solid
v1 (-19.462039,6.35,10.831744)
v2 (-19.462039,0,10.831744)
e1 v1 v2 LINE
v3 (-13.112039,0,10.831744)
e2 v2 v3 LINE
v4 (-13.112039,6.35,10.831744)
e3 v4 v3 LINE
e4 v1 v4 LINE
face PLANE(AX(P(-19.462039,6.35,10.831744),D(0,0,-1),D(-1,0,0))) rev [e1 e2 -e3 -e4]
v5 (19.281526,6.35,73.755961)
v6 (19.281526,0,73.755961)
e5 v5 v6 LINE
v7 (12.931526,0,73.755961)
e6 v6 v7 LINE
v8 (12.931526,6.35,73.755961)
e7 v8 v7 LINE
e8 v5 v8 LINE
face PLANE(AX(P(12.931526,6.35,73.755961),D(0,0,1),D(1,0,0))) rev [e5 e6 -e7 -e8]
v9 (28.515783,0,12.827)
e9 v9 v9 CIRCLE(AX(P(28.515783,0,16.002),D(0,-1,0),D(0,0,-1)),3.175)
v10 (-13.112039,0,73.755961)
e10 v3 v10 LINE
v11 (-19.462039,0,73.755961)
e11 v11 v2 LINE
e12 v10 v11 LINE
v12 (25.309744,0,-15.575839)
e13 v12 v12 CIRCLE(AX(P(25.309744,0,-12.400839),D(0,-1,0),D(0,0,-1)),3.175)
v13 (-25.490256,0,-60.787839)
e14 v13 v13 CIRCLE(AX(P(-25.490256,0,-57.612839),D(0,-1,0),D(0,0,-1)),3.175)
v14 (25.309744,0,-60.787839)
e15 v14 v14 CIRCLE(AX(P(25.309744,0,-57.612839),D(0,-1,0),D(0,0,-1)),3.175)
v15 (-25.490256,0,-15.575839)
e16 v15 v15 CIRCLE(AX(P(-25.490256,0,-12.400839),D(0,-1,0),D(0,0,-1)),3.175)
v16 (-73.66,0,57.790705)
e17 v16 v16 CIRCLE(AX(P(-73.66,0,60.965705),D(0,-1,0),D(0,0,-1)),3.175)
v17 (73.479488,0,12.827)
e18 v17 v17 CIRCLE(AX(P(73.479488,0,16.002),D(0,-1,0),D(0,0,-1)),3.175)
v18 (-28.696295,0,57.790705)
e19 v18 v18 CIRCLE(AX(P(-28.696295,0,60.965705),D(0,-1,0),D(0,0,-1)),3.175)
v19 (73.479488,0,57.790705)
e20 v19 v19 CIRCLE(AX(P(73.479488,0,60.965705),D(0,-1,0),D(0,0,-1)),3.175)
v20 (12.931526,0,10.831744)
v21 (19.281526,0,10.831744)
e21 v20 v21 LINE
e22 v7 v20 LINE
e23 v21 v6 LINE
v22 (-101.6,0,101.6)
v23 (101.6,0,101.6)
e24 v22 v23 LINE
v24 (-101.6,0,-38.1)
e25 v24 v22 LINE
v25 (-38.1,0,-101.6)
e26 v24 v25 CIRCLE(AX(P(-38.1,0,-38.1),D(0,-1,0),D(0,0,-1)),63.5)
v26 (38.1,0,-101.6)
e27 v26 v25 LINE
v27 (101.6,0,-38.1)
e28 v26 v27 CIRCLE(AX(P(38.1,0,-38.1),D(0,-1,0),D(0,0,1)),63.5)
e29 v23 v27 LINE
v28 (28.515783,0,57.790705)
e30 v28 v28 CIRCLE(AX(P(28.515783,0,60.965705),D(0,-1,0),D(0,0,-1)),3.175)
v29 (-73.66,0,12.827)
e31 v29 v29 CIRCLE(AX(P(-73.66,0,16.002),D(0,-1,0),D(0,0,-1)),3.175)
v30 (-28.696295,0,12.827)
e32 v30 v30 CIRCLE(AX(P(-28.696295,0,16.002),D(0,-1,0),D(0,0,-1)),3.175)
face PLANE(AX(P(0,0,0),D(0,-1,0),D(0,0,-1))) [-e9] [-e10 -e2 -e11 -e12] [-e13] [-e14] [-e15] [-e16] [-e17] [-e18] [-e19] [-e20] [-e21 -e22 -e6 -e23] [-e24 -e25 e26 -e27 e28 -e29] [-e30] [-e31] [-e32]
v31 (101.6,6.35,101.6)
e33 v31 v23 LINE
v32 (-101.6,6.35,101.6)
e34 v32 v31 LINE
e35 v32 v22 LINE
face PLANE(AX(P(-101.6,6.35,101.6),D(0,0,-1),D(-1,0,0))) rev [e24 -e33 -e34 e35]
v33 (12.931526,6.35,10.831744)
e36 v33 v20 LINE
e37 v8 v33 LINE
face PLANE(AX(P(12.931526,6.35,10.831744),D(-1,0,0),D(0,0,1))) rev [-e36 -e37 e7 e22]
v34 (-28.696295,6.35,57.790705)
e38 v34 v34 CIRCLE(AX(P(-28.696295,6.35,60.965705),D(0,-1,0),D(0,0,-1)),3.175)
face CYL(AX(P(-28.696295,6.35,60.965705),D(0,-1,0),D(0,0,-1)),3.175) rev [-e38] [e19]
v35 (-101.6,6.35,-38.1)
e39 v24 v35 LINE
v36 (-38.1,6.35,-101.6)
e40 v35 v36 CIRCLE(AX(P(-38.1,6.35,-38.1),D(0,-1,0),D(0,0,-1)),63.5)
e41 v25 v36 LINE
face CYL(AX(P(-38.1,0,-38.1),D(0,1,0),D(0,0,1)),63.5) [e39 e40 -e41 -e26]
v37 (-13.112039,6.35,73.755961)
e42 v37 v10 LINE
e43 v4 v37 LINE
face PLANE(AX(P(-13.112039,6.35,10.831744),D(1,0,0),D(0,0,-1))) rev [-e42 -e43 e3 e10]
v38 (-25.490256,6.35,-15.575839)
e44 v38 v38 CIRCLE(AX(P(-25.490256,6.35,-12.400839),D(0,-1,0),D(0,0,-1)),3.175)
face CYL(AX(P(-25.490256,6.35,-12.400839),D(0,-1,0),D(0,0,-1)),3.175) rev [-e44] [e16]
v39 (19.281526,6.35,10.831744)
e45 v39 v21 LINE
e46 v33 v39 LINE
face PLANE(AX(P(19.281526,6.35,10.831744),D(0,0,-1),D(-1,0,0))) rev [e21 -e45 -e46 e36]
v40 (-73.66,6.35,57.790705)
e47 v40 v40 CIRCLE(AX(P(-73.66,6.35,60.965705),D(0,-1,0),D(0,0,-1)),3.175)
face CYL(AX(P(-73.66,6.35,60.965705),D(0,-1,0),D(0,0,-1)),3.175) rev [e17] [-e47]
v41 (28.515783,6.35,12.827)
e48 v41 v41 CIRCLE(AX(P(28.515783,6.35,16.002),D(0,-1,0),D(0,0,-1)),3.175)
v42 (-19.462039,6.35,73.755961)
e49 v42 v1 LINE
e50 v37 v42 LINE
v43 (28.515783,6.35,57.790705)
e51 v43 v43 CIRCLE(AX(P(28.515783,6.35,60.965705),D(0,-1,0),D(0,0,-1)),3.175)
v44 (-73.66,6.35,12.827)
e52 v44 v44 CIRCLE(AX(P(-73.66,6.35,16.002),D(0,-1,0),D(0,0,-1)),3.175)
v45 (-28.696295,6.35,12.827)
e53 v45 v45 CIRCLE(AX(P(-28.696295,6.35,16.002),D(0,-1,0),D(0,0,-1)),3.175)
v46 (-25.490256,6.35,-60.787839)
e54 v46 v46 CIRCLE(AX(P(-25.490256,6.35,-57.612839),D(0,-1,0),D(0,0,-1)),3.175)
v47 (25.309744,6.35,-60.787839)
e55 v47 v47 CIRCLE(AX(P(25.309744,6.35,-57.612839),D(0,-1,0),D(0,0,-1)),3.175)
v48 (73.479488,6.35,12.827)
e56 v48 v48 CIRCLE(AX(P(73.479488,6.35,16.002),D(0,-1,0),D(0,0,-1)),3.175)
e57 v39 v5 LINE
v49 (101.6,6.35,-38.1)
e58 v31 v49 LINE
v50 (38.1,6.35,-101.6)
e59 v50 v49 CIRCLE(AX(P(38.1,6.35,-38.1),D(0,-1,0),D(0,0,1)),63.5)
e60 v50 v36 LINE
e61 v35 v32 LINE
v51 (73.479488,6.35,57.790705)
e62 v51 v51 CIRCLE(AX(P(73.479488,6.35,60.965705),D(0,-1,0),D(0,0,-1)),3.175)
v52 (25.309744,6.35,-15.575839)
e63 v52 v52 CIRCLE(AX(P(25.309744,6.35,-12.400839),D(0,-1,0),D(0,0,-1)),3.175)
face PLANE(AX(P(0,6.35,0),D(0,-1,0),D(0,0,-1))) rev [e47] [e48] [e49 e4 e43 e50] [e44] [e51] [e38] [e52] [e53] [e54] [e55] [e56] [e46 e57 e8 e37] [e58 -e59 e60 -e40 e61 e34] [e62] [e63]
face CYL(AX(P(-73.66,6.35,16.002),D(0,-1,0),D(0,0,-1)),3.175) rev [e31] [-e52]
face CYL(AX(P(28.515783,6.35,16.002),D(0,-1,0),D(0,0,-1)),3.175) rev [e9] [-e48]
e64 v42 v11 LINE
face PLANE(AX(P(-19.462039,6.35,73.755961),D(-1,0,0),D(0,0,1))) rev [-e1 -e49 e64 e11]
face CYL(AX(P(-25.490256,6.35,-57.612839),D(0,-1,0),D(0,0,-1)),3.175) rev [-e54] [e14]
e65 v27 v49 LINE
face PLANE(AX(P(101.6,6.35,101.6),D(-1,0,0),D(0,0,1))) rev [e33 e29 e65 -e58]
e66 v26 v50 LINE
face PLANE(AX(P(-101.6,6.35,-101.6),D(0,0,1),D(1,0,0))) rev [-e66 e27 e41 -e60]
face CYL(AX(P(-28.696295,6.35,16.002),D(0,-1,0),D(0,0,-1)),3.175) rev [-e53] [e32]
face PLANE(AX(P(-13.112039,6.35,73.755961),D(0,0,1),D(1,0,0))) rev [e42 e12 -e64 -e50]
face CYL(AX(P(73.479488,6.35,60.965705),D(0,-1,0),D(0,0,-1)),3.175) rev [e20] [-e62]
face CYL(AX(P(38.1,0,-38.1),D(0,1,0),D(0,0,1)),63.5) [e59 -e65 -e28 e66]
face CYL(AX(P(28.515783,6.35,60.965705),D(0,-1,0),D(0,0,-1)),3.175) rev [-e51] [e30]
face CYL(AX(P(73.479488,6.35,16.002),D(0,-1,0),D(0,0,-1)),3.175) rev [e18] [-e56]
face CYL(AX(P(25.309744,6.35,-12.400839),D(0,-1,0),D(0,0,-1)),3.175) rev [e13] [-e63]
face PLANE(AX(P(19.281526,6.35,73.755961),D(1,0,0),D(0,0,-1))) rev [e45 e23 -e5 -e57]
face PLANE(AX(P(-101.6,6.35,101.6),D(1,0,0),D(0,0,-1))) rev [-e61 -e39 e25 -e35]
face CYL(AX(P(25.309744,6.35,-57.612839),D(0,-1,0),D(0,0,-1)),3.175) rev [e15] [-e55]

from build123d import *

# Parameters (mm, degrees)
SKETCH1_W           = 203.2
SKETCH1_H           = 203.2
BOSS_EXTRUDE1_DEPTH = 6.35
CUT_EXTRUDE1_DEPTH  = 7.35
SKETCH10_R          = 3.175
SKETCH10_W          = 6.35
SKETCH10_H          = 62.924217451
CUT_EXTRUDE4_DEPTH  = 7.35


with BuildPart() as part:
    # Sketch1 → Boss-Extrude1 (new body)
    with BuildSketch(Plane(origin=(0, 0, 0), x_dir=(1, 0, 0), z_dir=(0, 1, 0))):
        Rectangle(SKETCH1_W, SKETCH1_H)
    extrude(amount=BOSS_EXTRUDE1_DEPTH)

    # Sketch2 → Cut-Extrude1 (cut, through all)
    with BuildSketch(Plane(origin=(0, 6.35, 0), x_dir=(1, 0, 0), z_dir=(0, 1, 0))):
        with BuildLine():
            Line((101.6, 38.1), (101.6, 101.6))
            Line((101.6, 101.6), (38.1, 101.6))
            ThreePointArc((38.1, 101.6), (83.001280605, 83.001280605), (101.6, 38.1))
        make_face()
        with BuildLine():
            Line((-38.1, 101.6), (-101.6, 101.6))
            Line((-101.6, 101.6), (-101.6, 38.1))
            ThreePointArc((-101.6, 38.1), (-83.001280605, 83.001280605), (-38.1, 101.6))
        make_face()
    extrude(amount=-CUT_EXTRUDE1_DEPTH, mode=Mode.SUBTRACT)

    # Sketch10 → Cut-Extrude4 (cut, through all)
    with BuildSketch(Plane.XZ):
        with Locations((25.309743879, -12.40083867)):
            Circle(SKETCH10_R)
        with Locations((-25.490256121, -12.40083867)):
            Circle(SKETCH10_R)
        with Locations((-25.490256121, -57.61283867)):
            Circle(SKETCH10_R)
        with Locations((25.309743879, -57.61283867)):
            Circle(SKETCH10_R)
        with Locations((-73.66, 16.002)):
            Circle(SKETCH10_R)
        with Locations((-73.66, 60.965705209)):
            Circle(SKETCH10_R)
        with Locations((-28.696294791, 60.965705209)):
            Circle(SKETCH10_R)
        with Locations((-28.696294791, 16.002)):
            Circle(SKETCH10_R)
        with Locations((28.515782549, 60.965705209)):
            Circle(SKETCH10_R)
        with Locations((73.479487758, 60.965705209)):
            Circle(SKETCH10_R)
        with Locations((73.479487758, 16.002)):
            Circle(SKETCH10_R)
        with Locations((28.515782549, 16.002)):
            Circle(SKETCH10_R)
        with Locations((-16.28703867, 42.293852605)):
            Rectangle(SKETCH10_W, SKETCH10_H)
        with Locations((16.106526428, 42.293852605)):
            Rectangle(SKETCH10_W, SKETCH10_H)
    extrude(amount=-CUT_EXTRUDE4_DEPTH, mode=Mode.SUBTRACT)


solid = part.part
